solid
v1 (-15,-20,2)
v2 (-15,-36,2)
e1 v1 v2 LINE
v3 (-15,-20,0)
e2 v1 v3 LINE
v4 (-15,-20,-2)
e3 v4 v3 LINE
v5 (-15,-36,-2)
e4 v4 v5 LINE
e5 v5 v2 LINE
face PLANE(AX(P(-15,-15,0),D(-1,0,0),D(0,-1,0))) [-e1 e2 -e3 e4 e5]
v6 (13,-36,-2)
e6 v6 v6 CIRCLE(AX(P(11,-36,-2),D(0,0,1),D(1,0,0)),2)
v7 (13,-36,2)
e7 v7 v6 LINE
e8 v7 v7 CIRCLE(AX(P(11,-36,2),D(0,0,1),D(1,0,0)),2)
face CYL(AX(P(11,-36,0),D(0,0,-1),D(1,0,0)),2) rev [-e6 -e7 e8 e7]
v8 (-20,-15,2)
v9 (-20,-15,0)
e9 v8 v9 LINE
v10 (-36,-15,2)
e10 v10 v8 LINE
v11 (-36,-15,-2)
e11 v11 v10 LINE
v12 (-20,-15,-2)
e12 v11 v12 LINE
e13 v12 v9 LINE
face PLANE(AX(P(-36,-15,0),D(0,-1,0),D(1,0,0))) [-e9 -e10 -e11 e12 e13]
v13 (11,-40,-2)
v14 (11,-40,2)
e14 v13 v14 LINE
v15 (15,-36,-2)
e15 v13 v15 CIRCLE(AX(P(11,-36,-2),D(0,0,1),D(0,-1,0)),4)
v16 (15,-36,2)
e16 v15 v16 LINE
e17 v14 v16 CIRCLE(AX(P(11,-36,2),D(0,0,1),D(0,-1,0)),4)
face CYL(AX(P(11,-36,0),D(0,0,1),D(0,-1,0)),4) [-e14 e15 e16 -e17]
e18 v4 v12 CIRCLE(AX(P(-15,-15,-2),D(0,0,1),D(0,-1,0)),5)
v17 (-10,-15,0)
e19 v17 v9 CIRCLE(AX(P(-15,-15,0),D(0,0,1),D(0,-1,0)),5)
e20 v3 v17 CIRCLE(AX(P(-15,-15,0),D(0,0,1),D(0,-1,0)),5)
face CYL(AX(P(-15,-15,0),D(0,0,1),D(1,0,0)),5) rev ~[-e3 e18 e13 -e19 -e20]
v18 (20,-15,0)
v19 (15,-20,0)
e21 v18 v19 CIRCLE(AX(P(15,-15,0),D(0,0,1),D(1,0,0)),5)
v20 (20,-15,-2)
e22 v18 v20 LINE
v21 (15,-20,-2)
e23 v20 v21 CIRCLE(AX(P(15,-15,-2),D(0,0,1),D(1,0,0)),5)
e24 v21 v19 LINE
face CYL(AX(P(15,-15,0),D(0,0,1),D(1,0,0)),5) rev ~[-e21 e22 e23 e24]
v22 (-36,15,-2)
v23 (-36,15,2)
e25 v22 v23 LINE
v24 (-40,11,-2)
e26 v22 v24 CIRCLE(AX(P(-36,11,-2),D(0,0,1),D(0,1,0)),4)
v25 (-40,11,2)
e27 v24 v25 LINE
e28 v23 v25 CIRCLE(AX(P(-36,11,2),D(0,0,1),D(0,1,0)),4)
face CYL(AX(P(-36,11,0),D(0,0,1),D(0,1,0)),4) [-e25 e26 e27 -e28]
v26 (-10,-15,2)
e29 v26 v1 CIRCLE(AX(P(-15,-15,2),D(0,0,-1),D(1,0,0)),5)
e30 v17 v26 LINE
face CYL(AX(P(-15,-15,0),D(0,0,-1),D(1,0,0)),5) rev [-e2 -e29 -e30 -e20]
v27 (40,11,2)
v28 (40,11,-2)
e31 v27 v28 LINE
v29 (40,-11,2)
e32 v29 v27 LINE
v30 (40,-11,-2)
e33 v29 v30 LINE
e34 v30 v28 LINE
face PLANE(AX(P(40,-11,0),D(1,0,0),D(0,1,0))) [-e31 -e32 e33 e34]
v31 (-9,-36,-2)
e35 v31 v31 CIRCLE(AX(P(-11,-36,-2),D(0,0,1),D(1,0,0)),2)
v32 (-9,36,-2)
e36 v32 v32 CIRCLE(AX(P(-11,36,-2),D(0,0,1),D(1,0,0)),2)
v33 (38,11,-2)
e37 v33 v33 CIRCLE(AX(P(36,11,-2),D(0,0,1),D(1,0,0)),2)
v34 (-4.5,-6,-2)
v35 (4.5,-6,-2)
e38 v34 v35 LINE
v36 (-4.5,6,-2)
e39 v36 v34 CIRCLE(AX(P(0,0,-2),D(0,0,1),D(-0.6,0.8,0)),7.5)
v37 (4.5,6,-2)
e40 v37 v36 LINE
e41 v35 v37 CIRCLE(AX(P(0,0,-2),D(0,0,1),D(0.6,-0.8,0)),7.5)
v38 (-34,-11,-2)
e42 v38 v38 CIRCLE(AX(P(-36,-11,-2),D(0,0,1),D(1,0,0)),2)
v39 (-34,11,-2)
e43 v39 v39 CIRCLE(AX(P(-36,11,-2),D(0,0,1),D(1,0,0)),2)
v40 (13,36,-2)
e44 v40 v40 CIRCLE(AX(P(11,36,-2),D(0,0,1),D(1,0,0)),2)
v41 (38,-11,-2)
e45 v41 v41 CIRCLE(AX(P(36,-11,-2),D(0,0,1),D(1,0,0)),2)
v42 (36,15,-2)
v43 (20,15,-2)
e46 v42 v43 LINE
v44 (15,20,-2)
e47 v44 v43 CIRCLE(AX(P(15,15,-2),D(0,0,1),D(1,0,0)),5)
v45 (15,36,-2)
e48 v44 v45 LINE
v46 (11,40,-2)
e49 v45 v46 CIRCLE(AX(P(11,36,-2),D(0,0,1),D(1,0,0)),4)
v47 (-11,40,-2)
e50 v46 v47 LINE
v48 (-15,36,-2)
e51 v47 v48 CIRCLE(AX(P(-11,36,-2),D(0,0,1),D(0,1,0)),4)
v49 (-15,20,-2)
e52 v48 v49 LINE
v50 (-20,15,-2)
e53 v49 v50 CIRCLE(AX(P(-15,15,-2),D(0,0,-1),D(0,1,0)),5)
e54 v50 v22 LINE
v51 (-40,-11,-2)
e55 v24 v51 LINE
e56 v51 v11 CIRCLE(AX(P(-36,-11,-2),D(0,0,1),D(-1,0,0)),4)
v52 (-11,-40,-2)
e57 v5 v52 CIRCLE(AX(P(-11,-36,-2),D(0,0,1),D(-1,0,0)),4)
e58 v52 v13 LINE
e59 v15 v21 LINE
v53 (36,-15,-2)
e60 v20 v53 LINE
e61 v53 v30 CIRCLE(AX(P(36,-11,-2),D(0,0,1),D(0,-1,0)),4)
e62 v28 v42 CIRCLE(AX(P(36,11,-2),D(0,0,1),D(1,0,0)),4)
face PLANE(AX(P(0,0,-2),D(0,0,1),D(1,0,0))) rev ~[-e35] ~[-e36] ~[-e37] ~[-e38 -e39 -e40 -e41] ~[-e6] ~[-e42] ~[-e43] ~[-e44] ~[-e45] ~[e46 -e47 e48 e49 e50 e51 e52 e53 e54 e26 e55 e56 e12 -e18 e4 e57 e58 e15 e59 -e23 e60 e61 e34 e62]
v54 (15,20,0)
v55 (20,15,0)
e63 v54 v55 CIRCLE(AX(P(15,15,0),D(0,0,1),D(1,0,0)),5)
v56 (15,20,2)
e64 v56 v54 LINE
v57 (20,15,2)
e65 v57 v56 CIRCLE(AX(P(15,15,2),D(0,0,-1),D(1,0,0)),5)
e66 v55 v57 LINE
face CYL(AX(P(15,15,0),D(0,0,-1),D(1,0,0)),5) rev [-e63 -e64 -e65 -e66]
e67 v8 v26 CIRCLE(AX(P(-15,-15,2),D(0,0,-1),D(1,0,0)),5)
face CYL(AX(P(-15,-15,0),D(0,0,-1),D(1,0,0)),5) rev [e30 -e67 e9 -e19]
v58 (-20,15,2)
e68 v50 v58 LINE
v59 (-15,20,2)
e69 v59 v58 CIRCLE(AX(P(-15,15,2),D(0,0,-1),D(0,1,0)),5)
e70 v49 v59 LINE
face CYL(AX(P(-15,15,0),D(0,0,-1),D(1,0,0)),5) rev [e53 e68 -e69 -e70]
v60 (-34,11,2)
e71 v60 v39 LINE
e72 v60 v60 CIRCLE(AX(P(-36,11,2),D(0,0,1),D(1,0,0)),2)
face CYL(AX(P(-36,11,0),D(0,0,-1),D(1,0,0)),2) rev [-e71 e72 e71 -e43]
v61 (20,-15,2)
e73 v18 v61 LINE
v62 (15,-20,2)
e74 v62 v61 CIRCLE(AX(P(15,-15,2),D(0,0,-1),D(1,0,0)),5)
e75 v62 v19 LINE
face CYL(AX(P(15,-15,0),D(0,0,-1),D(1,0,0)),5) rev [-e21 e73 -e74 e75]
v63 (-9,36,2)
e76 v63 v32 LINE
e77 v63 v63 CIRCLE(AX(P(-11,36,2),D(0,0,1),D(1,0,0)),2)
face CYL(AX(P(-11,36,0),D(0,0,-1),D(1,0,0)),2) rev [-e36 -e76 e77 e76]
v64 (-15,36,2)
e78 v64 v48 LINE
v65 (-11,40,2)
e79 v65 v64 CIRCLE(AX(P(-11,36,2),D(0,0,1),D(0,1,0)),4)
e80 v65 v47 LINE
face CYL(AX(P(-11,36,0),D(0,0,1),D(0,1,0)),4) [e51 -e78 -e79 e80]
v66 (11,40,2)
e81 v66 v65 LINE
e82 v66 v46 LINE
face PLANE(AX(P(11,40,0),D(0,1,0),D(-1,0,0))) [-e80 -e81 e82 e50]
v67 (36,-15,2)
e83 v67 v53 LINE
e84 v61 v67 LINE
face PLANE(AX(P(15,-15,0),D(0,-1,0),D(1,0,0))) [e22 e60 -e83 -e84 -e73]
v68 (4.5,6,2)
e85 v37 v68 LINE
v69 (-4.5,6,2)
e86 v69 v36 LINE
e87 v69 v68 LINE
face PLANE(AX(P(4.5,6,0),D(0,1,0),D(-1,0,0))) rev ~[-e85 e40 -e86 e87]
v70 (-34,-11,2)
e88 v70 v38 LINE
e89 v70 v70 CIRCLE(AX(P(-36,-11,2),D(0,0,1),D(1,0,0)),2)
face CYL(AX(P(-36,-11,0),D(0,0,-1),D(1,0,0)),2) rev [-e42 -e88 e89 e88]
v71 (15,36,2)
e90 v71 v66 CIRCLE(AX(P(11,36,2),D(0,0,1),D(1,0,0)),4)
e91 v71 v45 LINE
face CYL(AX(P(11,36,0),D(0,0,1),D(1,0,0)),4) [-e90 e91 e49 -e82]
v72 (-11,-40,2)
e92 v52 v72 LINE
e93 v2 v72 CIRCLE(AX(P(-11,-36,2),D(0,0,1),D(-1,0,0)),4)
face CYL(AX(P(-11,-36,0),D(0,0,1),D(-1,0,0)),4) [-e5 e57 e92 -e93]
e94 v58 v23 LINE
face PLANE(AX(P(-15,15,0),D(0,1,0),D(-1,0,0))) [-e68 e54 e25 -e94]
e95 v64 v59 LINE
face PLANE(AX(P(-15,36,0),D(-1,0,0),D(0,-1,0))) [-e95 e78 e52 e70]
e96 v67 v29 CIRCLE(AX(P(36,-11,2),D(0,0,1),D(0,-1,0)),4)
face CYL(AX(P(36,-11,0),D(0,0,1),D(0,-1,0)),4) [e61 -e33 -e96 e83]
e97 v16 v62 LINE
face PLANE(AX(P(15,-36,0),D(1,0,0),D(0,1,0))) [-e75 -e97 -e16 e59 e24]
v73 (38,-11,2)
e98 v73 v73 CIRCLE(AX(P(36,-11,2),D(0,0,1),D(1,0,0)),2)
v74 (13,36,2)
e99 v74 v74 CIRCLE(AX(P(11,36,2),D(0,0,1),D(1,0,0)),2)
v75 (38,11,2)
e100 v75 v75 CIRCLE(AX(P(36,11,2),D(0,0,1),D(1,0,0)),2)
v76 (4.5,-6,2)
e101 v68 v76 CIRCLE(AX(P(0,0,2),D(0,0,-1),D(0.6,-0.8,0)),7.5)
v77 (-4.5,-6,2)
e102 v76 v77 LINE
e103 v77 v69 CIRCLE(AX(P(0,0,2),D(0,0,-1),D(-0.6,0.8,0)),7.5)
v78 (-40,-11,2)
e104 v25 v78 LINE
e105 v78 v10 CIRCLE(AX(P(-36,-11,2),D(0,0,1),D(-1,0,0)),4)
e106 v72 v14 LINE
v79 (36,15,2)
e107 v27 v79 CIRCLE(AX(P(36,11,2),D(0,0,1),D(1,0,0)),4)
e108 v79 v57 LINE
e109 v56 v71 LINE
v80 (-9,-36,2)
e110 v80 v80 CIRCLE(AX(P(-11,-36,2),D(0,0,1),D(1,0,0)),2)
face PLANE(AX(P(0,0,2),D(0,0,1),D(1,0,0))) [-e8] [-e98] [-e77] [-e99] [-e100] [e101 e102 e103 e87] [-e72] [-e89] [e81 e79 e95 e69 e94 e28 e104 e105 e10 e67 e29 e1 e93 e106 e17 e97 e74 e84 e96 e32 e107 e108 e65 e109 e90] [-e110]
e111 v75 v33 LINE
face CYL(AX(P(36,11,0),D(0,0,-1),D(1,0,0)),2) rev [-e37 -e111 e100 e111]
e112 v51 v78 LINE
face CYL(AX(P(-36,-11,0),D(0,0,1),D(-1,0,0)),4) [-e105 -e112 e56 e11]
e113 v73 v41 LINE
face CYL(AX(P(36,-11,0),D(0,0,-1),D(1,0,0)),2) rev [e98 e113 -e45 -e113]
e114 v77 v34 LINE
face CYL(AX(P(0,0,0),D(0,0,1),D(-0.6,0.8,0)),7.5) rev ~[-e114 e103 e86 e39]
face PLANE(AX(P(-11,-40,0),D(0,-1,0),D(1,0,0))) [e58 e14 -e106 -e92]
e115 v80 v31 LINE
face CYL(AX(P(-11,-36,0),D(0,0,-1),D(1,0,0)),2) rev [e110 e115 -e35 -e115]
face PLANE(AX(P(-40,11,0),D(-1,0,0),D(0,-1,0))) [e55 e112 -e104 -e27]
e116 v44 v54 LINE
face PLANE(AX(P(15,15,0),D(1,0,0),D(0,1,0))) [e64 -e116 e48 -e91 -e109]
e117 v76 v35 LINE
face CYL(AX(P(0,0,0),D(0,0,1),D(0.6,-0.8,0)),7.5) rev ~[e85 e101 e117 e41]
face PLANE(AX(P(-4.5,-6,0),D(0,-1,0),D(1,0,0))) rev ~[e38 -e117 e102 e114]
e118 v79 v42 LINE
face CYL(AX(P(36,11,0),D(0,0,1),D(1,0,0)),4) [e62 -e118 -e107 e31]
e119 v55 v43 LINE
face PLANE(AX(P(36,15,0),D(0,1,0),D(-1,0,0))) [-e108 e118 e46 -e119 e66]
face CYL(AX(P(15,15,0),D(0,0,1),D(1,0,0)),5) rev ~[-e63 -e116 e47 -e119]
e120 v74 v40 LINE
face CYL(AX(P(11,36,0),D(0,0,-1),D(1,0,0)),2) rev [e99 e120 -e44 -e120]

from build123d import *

# Parameters (mm, degrees)
F1_R          = 2
F3_DEPTH      = 2
F4_DEPTH      = 2.001
F4_DEPTH_BACK = 2.001
F2_R          = 5
F5_DEPTH      = 2.001
F5_DEPTH_BACK = 2.001


with BuildPart() as f3:
    # F1 (on Top) → F3 (new body, symmetric)
    with BuildSketch(Plane.XY):
        with BuildLine():
            Line((-15, 36), (-15, 15))
            Line((-15, 15), (-36, 15))
            ThreePointArc((-36, 15), (-38.8284271247, 13.8284271247), (-40, 11))
            Line((-40, 11), (-40, 0))
            Line((-40, 0), (-40, -11))
            ThreePointArc((-40, -11), (-38.8284271247, -13.8284271247), (-36, -15))
            Line((-36, -15), (-15, -15))
            Line((-15, -15), (-15, -36))
            ThreePointArc((-15, -36), (-13.8284271247, -38.8284271247), (-11, -40))
            Line((-11, -40), (0, -40))
            Line((0, -40), (11, -40))
            ThreePointArc((11, -40), (13.8284271247, -38.8284271247), (15, -36))
            Line((15, -36), (15, -15))
            Line((15, -15), (36, -15))
            ThreePointArc((36, -15), (38.8284271247, -13.8284271247), (40, -11))
            Line((40, -11), (40, 0))
            Line((40, 0), (40, 11))
            ThreePointArc((40, 11), (38.8284271247, 13.8284271247), (36, 15))
            Line((36, 15), (15, 15))
            Line((15, 15), (15, 36))
            ThreePointArc((15, 36), (13.8284271247, 38.8284271247), (11, 40))
            Line((11, 40), (0, 40))
            Line((0, 40), (-11, 40))
            ThreePointArc((-11, 40), (-13.8284271247, 38.8284271247), (-15, 36))
        make_face()
        with Locations((-11, -36)):
            Circle(F1_R, mode=Mode.SUBTRACT)
        with Locations((-36, -11)):
            Circle(F1_R, mode=Mode.SUBTRACT)
        with Locations((11, -36)):
            Circle(F1_R, mode=Mode.SUBTRACT)
        with Locations((36, -11)):
            Circle(F1_R, mode=Mode.SUBTRACT)
        with Locations((-36, 11)):
            Circle(F1_R, mode=Mode.SUBTRACT)
        with Locations((-11, 36)):
            Circle(F1_R, mode=Mode.SUBTRACT)
        with Locations((36, 11)):
            Circle(F1_R, mode=Mode.SUBTRACT)
        with Locations((11, 36)):
            Circle(F1_R, mode=Mode.SUBTRACT)
    extrude(amount=F3_DEPTH, both=True)

    # F0 (on Top) → F4 (cut, two sides)
    with BuildSketch(Plane.XY) as f4_sk:
        with BuildLine():
            Line((4.5, 6), (-4.5, 6))
            ThreePointArc((-4.5, 6), (-7.5, 0), (-4.5, -6))
            Line((-4.5, -6), (4.5, -6))
            ThreePointArc((4.5, -6), (7.5, 0), (4.5, 6))
        make_face()
    extrude(amount=-F4_DEPTH, mode=Mode.SUBTRACT)
    extrude(f4_sk.sketch, amount=F4_DEPTH_BACK, mode=Mode.SUBTRACT)

    # F2 (on Top) → F5 (cut, two sides)
    with BuildSketch(Plane.XY) as f5_sk:
        with Locations((-15, 15)):
            Circle(F2_R)
        with Locations((-15, -15)):
            Circle(F2_R)
        with Locations((15, -15)):
            Circle(F2_R)
        with Locations((15, 15)):
            Circle(F2_R)
    extrude(amount=-F5_DEPTH, mode=Mode.SUBTRACT)
    extrude(f5_sk.sketch, amount=F5_DEPTH_BACK, mode=Mode.SUBTRACT)


solid = f3.part
